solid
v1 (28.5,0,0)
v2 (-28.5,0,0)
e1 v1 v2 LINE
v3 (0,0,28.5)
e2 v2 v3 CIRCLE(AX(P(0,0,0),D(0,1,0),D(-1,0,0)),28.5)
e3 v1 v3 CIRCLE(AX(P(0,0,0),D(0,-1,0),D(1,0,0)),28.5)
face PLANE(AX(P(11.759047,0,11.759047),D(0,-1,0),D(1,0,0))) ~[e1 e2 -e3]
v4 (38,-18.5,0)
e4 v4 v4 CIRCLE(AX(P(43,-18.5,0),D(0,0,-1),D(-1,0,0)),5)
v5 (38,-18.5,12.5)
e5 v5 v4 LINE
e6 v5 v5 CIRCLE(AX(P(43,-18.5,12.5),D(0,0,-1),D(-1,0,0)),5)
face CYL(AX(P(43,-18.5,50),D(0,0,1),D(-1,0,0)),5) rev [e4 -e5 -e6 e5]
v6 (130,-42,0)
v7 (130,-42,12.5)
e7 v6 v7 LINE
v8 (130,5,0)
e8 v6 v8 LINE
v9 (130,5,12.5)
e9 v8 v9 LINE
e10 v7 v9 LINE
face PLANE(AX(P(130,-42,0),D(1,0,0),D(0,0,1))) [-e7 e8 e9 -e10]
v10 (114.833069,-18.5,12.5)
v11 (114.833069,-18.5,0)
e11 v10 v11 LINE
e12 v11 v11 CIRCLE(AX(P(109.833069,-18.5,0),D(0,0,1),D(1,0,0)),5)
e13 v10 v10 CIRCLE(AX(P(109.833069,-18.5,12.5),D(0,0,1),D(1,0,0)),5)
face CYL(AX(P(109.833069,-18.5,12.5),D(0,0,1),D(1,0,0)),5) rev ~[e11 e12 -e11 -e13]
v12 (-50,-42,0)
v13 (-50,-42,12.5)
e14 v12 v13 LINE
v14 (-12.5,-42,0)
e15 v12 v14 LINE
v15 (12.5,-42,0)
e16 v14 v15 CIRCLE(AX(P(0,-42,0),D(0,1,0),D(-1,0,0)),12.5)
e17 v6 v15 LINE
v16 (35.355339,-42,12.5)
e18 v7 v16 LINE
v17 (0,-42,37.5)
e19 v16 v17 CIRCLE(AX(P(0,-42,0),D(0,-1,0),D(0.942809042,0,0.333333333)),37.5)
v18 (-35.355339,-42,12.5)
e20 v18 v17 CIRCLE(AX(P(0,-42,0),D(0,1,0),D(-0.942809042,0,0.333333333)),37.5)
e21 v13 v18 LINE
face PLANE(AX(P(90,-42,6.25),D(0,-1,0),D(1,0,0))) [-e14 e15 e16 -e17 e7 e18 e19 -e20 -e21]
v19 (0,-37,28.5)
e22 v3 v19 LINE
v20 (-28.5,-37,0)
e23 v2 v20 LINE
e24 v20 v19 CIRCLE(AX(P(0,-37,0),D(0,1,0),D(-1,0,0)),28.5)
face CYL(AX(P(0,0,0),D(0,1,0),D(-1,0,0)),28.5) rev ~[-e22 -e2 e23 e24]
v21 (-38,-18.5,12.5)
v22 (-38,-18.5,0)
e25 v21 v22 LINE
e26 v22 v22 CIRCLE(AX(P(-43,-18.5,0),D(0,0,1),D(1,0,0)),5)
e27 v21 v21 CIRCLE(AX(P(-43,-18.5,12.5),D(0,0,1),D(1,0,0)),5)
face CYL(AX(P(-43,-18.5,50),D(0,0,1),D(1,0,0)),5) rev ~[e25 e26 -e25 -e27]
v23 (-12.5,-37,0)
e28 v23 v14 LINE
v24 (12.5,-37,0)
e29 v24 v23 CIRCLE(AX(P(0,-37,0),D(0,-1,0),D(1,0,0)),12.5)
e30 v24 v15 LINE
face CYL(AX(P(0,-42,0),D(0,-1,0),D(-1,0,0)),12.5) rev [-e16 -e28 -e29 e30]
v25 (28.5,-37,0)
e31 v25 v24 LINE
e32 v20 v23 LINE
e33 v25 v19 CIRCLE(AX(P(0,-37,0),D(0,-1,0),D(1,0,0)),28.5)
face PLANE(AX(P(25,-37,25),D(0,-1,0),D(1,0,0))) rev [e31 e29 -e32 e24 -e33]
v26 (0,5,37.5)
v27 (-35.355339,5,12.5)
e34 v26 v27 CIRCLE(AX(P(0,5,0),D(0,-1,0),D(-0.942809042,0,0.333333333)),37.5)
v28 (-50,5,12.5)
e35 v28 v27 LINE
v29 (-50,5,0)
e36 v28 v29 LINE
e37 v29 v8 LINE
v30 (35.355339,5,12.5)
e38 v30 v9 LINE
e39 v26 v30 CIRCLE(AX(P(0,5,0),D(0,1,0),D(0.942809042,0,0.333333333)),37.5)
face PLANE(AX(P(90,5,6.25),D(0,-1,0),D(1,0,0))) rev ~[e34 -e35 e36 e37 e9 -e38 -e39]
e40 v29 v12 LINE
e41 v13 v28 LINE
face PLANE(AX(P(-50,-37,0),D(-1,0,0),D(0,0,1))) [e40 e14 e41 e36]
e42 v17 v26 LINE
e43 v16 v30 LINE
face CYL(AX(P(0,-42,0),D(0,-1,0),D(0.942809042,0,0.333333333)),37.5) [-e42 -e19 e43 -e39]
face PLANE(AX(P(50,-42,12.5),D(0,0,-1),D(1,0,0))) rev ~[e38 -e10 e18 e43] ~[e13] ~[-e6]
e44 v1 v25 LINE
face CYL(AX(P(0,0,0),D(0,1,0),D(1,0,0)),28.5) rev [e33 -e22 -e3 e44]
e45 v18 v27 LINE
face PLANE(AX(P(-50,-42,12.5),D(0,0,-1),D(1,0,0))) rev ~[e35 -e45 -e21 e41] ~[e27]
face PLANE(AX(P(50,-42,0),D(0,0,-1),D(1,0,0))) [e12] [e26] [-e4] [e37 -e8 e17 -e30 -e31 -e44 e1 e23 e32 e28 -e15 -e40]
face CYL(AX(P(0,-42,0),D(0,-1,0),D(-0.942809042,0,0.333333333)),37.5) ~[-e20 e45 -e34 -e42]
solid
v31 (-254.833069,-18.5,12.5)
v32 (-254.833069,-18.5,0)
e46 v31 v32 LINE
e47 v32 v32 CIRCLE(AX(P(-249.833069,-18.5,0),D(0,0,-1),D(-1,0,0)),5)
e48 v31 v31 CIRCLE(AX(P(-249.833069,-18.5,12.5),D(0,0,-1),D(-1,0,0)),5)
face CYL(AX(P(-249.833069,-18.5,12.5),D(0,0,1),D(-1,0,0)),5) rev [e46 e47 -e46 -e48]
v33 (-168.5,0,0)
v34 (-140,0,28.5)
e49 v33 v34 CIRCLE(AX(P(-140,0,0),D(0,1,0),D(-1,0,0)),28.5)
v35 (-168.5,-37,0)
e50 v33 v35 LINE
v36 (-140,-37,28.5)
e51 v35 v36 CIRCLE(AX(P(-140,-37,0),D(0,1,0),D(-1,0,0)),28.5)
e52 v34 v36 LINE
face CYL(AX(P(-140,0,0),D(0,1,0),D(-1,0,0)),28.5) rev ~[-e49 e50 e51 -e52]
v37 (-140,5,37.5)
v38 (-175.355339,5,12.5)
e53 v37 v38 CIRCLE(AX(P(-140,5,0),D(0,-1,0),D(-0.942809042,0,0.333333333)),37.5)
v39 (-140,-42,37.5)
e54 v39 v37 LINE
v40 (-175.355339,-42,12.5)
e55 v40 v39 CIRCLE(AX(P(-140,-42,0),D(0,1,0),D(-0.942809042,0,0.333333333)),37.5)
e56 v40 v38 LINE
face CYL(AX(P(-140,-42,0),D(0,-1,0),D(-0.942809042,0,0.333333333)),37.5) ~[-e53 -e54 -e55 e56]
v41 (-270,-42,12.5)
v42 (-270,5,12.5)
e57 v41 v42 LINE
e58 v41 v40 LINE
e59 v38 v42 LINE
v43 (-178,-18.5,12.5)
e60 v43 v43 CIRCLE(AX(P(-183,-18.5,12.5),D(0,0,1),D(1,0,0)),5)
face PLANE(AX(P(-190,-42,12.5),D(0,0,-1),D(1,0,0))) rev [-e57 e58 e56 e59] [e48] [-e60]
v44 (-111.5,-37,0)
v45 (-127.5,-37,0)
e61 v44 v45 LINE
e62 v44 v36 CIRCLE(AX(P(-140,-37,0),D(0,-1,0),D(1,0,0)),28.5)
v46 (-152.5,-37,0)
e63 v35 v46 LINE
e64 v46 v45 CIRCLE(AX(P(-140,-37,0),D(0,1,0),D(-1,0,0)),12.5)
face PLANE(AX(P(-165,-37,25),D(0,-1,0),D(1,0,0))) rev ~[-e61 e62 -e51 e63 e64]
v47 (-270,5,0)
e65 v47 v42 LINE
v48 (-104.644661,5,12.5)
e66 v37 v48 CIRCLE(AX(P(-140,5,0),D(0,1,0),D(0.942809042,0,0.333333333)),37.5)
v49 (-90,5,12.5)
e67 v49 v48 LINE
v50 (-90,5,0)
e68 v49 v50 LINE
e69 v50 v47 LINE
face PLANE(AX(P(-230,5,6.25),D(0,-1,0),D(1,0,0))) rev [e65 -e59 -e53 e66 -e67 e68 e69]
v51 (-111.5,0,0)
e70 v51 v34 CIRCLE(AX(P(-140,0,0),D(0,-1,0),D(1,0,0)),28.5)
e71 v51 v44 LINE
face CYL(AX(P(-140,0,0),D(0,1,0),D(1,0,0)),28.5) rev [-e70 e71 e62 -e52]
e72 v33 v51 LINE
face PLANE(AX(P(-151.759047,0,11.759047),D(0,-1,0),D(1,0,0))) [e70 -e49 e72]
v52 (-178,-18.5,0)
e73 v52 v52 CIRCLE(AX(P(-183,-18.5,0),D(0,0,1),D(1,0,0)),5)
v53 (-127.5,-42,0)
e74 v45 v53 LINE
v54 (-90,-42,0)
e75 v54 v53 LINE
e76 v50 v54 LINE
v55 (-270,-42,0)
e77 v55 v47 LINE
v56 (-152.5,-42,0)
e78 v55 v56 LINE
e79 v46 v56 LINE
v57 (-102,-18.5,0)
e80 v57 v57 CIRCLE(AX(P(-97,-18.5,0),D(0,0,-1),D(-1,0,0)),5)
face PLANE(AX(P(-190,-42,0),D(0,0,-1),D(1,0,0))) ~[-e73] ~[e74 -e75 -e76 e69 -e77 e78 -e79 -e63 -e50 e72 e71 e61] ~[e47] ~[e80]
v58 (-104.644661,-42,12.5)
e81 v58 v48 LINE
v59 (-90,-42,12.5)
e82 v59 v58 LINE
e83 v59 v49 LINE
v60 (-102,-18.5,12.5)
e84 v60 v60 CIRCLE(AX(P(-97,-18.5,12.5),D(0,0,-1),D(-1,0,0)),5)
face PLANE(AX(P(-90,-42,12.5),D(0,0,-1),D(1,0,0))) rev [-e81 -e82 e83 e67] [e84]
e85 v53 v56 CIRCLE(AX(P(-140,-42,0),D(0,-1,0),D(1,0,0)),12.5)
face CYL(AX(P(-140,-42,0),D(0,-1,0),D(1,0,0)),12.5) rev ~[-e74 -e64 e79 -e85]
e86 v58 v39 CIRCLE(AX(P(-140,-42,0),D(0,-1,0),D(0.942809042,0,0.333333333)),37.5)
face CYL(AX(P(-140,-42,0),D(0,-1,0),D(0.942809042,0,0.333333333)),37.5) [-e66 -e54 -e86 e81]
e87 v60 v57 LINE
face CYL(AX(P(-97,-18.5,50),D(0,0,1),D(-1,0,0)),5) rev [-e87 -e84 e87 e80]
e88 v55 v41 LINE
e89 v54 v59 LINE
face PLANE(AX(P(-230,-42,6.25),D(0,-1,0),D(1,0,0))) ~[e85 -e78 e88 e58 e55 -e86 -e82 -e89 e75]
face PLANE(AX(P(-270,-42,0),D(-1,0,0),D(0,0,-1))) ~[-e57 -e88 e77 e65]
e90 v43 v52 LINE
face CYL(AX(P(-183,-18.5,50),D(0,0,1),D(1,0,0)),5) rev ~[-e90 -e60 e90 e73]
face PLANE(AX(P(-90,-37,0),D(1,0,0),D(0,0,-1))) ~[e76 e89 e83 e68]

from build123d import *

# Parameters (mm, degrees)
F1_DEPTH  = 37
F2_DEPTH  = 5
F4_W      = 50
F4_H      = 50
F5_DEPTH  = 5
F7_R      = 5
F8_DEPTH  = 100
F9_R      = 12.5
F10_DEPTH = 5
F12_DEPTH = 55
F14_W     = 80
F14_H     = 12.5
F15_DEPTH = 47
F16_R     = 5
F17_DEPTH = 25


with BuildPart() as f1:
    # F0 (on Front) → F1 (new body)
    with BuildSketch(Plane.XZ):
        with BuildLine():
            Line((-50, 0), (-28.5, 0))
            ThreePointArc((-28.5, 0), (-20.1525432638, 20.1525432638), (0, 28.5))
            Line((0, 28.5), (0, 50))
            Line((0, 50), (-50, 50))
            Line((-50, 50), (-50, 0))
        make_face()
    extrude(amount=F1_DEPTH)

    # F0 (on Front) → F2 (join)
    with BuildSketch(Plane.XZ):
        with BuildLine():
            Line((-28.5, 0), (0, 0))
            Line((0, 0), (0, 28.5))
            ThreePointArc((0, 28.5), (-20.1525432638, 20.1525432638), (-28.5, 0))
        make_face()
        with BuildLine():
            Line((-50, 0), (-28.5, 0))
            ThreePointArc((-28.5, 0), (-20.1525432638, 20.1525432638), (0, 28.5))
            Line((0, 28.5), (0, 50))
            Line((0, 50), (-50, 50))
            Line((-50, 50), (-50, 0))
        make_face()
    extrude(amount=-F2_DEPTH)

    # F4 (on offset) → F5 (join)
    with BuildSketch(Plane.XZ.offset(37)):
        with Locations((-25, 25)):
            Rectangle(F4_W, F4_H)
    extrude(amount=F5_DEPTH)

    # F6: union 

    # F7 (on face) → F8 (cut)
    with BuildSketch(Plane.XY.offset(50)):
        with Locations((-43, -18.5)):
            Circle(F7_R)
    extrude(amount=-F8_DEPTH, mode=Mode.SUBTRACT)

    # F9 (on face) → F10 (cut)
    with BuildSketch(Plane.XZ.offset(42)):
        Circle(F9_R)
    extrude(amount=-F10_DEPTH, mode=Mode.SUBTRACT)

    # F11 (on face) → F12 (cut)
    with BuildSketch(Plane.XZ.offset(42)):
        with BuildLine():
            ThreePointArc((-35.3553390593, 12.5), (-21.6506350946, 30.6186217848), (0, 37.5))
            Line((0, 37.5), (0, 50))
            Line((0, 50), (-50, 50))
            Line((-50, 50), (-50, 12.5))
            Line((-50, 12.5), (-35.3553390593, 12.5))
        make_face()
    extrude(amount=-F12_DEPTH, mode=Mode.SUBTRACT)

    # F13: F1 across plane


with BuildPart() as f1_1:
    add(f1.part)
    add(f1.part.mirror(Plane.YZ))

    # F14 (on face) → F15 (join)
    with BuildSketch(Plane.XZ.offset(42)):
        with Locations((90, 6.25)):
            Rectangle(F14_W, F14_H)
    extrude(amount=-F15_DEPTH)

    # F16 (on face) → F17 (cut)
    with BuildSketch(Plane.XY.offset(12.5)):
        with Locations((109.8330691457, -18.5)):
            Circle(F16_R)
    extrude(amount=-F17_DEPTH, mode=Mode.SUBTRACT)


with BuildPart() as f19_1:
    # F19: instance of F1
    add(f1_1.part.mirror(Plane.YZ.offset(-70)))


solid = Compound([f1_1.part, f19_1.part])
